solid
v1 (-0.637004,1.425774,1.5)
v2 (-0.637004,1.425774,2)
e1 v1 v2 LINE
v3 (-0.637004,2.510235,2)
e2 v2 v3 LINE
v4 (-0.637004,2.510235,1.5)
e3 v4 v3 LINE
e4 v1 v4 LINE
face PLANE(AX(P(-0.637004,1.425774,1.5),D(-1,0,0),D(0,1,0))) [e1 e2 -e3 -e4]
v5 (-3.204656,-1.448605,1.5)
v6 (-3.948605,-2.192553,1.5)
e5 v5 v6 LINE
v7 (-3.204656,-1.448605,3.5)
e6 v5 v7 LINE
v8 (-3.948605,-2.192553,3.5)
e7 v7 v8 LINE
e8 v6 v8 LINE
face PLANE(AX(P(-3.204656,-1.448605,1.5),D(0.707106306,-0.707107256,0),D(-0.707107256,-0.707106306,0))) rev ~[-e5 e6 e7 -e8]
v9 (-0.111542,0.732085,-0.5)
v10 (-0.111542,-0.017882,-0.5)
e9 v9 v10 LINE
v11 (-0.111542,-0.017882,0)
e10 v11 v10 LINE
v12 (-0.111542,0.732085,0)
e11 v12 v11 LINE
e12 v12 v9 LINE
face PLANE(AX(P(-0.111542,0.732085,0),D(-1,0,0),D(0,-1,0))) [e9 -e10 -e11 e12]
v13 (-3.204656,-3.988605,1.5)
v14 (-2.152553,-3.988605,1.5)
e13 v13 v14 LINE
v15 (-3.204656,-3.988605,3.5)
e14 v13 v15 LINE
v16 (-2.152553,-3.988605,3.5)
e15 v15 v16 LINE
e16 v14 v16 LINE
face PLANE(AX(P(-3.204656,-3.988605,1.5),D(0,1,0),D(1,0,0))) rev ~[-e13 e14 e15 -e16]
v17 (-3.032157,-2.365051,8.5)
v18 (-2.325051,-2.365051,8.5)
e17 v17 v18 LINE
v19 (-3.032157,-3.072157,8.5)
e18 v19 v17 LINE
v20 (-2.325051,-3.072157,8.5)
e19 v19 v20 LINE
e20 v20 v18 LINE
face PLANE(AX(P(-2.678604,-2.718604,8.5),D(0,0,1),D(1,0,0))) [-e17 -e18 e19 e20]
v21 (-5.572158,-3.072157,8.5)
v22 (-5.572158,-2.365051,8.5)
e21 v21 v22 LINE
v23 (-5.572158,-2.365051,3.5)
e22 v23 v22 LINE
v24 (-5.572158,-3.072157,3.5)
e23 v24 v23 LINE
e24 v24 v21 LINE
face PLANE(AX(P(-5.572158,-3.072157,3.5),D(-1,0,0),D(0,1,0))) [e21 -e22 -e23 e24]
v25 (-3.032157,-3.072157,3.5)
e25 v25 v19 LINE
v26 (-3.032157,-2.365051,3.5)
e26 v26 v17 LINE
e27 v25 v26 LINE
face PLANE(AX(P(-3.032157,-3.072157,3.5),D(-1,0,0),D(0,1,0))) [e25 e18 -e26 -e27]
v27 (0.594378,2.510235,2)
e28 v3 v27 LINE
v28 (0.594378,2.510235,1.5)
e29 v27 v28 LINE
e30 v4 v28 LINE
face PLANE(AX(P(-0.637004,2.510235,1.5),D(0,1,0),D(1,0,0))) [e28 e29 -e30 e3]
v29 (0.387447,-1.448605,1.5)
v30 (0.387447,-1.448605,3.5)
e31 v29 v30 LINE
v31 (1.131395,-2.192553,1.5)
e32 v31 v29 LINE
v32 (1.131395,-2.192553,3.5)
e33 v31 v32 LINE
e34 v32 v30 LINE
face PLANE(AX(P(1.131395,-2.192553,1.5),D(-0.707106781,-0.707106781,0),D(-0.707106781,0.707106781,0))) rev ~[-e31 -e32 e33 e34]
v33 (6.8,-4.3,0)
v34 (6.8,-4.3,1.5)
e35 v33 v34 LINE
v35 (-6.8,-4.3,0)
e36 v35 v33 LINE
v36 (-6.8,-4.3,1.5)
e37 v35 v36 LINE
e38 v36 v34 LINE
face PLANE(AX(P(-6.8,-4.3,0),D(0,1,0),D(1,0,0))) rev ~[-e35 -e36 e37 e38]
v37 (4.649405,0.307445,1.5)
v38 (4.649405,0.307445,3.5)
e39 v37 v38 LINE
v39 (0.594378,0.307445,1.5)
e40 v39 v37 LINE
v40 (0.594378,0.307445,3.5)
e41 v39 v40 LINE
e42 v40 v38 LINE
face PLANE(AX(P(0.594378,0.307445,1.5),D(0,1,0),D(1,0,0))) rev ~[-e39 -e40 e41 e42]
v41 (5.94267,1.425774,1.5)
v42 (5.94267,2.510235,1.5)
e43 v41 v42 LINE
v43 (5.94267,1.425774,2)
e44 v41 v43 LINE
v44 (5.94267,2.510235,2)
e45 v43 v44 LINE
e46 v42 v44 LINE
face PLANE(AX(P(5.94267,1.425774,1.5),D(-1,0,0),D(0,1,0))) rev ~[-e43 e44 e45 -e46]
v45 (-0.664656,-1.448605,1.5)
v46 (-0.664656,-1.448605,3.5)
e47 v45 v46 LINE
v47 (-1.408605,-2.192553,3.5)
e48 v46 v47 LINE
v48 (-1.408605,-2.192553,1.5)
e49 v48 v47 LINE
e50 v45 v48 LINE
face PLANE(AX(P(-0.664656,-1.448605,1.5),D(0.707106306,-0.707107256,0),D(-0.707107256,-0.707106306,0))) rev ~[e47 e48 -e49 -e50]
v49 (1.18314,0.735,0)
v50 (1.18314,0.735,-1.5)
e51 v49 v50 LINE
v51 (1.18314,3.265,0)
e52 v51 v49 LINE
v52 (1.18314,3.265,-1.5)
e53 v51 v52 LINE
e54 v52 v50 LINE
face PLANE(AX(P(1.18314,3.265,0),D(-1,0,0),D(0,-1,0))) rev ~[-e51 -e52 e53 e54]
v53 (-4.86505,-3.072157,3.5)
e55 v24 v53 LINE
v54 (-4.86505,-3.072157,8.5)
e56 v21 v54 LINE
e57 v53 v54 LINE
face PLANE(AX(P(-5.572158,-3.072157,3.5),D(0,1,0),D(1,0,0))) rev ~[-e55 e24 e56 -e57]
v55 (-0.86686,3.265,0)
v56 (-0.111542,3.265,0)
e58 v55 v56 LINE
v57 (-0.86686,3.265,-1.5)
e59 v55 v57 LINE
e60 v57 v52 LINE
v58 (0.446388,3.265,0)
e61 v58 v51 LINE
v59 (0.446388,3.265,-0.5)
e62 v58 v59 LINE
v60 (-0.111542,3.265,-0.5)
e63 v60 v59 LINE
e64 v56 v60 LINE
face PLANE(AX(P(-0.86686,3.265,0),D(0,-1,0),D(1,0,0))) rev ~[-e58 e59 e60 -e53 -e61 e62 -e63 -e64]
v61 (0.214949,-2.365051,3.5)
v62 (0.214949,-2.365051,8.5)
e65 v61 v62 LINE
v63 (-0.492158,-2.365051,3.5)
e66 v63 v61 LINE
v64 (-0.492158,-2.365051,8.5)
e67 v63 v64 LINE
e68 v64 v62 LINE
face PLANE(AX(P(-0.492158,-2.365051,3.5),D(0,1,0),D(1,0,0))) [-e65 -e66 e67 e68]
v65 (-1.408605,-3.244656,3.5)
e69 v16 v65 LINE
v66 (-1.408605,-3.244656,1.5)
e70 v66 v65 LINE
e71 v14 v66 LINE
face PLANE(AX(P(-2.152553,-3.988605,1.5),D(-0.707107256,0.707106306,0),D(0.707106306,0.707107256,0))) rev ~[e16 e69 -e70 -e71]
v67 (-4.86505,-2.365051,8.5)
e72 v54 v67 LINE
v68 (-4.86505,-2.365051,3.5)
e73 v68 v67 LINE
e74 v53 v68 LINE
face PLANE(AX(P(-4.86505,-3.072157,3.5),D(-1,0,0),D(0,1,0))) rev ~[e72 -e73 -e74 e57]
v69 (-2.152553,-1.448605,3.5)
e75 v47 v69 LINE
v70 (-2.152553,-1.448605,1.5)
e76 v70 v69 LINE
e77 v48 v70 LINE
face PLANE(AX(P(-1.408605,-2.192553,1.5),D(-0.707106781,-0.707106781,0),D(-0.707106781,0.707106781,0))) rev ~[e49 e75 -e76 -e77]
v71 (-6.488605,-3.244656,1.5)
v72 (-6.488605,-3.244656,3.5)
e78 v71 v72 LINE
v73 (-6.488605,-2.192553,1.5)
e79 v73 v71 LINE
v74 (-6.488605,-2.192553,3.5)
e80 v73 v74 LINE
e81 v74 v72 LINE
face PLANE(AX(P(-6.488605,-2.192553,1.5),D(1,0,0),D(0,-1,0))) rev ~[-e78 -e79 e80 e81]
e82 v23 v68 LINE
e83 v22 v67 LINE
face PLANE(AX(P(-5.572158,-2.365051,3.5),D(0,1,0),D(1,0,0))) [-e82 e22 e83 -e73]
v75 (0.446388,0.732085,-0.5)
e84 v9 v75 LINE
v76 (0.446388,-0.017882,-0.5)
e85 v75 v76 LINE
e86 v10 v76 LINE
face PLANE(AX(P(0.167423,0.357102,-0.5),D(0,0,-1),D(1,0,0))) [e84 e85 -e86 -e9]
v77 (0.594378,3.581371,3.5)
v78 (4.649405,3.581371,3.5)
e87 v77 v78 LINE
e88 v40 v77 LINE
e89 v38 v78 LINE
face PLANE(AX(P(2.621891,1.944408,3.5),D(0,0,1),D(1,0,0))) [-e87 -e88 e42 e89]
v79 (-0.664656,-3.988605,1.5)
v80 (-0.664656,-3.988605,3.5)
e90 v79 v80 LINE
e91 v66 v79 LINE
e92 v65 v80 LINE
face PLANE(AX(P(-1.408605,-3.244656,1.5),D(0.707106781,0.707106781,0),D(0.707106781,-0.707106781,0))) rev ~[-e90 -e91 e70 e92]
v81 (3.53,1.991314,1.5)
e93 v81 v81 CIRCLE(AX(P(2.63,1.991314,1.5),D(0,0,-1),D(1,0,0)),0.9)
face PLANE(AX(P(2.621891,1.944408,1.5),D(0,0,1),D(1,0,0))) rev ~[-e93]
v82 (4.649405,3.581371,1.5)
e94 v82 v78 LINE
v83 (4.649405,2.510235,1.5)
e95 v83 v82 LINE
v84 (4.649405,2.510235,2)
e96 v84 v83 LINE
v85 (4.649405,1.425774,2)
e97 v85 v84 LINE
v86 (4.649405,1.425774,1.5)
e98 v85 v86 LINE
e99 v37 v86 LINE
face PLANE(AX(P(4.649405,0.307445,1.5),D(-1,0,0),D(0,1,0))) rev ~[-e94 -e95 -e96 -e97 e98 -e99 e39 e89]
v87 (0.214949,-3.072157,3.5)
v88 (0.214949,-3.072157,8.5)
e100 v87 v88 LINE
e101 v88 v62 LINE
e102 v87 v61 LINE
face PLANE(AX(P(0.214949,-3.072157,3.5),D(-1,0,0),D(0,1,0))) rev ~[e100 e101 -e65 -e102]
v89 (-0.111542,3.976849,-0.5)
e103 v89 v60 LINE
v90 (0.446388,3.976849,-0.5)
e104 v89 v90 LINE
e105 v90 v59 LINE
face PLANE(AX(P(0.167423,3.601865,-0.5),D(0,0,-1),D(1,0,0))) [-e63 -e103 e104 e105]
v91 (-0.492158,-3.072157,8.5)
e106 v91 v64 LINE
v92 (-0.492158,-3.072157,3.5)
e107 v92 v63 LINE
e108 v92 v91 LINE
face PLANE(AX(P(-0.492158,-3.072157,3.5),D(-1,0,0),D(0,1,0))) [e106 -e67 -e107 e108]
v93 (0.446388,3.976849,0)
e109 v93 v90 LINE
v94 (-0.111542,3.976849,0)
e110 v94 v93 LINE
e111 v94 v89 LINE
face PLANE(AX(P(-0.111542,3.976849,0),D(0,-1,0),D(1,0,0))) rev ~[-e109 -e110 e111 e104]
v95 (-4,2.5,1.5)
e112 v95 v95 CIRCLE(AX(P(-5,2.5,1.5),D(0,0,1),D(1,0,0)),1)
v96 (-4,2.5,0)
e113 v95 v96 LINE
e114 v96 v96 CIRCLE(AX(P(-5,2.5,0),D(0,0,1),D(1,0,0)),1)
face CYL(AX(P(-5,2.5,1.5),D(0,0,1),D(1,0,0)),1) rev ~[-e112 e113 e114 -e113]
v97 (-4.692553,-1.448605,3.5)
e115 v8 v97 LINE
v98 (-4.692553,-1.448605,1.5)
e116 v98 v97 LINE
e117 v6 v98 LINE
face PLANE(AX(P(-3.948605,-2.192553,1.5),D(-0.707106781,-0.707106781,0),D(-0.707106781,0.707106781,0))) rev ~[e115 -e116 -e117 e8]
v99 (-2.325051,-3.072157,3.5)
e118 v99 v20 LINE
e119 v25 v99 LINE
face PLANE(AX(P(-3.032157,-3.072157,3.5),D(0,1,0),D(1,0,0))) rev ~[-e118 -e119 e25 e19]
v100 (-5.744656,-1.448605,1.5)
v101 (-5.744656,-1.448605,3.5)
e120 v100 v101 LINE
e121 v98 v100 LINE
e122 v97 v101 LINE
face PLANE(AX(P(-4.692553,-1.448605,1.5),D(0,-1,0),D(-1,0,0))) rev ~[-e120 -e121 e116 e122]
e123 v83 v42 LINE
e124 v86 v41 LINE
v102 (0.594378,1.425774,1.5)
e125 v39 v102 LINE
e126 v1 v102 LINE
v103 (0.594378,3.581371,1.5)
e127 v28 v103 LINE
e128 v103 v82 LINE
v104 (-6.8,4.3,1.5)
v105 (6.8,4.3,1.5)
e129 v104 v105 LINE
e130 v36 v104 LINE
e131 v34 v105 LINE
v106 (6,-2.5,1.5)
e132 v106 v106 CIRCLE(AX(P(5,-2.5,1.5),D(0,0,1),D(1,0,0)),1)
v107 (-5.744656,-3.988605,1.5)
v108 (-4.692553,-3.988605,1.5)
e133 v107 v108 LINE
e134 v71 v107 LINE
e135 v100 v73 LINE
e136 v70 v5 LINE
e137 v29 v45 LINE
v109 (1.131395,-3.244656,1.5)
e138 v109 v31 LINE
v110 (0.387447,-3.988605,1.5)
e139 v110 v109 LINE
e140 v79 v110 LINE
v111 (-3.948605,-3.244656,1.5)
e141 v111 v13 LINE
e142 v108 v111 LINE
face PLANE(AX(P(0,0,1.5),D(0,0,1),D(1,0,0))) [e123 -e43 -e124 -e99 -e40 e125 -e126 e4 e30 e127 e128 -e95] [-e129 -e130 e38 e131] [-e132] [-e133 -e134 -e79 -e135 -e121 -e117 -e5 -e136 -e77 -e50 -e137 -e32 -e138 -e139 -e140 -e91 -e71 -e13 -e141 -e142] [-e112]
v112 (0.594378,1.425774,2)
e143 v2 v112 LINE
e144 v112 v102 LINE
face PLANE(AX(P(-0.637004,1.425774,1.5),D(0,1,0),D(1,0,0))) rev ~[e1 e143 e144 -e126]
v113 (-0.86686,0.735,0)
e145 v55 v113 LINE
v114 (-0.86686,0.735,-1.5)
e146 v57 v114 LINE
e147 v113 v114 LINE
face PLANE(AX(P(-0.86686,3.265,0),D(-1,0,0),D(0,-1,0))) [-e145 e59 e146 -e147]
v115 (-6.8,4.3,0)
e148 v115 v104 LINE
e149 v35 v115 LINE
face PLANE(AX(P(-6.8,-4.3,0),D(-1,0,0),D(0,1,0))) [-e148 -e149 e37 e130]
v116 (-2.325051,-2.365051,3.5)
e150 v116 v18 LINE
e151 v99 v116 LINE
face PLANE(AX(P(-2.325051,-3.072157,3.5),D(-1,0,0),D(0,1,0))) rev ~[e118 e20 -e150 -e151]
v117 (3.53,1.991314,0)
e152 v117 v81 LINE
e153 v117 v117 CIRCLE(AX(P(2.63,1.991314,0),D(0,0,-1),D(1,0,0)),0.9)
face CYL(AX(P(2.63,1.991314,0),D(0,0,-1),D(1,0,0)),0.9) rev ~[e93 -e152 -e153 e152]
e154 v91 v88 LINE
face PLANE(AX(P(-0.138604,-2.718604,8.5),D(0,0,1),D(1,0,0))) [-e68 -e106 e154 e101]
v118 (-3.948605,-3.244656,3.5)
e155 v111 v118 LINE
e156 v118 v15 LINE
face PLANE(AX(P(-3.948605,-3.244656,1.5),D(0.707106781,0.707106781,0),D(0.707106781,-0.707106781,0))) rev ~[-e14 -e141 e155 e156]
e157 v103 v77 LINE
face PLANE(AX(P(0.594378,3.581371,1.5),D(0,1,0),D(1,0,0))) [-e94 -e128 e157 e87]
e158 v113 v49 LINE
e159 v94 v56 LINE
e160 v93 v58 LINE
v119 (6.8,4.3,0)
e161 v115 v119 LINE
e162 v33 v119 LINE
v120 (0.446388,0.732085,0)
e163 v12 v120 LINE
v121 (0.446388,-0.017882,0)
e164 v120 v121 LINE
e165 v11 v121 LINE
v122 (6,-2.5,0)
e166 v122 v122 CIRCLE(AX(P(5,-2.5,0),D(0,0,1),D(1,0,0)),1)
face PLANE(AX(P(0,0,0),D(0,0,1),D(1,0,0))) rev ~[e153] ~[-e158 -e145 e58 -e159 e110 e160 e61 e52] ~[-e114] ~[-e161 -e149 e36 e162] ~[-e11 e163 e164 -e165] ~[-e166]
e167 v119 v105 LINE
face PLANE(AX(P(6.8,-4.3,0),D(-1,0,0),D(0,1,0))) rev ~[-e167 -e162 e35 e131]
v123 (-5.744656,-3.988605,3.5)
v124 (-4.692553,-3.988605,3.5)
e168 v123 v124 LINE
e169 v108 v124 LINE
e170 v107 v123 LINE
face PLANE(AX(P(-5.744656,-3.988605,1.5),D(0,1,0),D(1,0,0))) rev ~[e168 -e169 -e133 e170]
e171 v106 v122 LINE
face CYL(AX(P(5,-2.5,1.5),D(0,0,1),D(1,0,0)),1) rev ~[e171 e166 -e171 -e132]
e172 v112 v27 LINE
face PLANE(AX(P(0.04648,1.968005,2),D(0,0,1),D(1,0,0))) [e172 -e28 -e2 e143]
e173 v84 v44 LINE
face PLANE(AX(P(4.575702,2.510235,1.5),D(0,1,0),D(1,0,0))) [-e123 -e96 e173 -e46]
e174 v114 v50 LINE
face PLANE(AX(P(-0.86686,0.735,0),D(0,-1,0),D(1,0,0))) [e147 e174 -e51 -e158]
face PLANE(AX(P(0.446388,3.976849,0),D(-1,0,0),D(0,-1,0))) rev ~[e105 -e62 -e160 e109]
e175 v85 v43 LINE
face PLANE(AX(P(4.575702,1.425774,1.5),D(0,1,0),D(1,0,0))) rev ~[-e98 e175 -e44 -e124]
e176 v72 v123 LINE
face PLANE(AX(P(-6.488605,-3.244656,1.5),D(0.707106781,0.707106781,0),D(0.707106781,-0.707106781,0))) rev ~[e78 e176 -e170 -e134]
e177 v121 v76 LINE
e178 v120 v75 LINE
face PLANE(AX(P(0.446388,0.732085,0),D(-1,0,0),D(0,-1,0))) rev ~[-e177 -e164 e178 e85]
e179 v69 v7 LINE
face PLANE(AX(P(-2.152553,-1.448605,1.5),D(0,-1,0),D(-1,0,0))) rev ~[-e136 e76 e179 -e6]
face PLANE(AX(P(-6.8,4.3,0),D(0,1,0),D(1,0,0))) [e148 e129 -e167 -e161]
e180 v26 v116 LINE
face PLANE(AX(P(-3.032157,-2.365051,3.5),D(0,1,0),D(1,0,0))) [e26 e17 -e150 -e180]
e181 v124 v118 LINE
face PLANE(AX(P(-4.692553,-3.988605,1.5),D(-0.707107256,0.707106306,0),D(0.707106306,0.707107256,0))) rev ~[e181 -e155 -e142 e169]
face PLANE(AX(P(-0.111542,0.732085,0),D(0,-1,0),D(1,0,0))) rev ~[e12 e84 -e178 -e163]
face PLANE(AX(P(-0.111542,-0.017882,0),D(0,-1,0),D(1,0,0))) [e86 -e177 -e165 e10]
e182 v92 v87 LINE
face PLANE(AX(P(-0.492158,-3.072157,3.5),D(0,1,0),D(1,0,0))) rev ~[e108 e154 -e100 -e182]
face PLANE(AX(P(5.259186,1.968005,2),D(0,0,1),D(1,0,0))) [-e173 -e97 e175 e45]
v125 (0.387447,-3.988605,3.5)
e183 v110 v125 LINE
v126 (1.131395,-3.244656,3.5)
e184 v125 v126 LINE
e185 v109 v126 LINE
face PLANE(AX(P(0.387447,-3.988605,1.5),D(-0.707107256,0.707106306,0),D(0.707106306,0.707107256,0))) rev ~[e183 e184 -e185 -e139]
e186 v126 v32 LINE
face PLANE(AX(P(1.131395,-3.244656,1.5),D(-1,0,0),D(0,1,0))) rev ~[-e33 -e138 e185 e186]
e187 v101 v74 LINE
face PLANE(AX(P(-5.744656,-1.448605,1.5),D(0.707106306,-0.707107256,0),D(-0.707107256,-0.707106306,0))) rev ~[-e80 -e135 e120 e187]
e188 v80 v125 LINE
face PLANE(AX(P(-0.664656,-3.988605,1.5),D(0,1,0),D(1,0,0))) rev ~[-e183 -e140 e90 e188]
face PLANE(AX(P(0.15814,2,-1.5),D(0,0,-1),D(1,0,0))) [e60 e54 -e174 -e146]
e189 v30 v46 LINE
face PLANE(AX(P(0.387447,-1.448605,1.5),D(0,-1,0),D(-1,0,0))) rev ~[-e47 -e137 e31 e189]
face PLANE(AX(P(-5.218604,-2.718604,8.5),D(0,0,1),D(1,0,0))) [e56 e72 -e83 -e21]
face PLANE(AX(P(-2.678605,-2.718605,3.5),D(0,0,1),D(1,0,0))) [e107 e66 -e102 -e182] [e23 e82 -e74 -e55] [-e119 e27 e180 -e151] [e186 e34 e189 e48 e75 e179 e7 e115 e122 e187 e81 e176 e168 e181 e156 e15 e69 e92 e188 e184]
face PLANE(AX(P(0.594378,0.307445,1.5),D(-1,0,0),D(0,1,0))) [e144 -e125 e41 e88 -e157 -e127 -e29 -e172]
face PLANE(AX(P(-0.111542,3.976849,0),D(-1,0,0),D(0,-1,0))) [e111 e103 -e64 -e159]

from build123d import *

# Parameters (mm, degrees)
SKETCH_W               = 13.6
SKETCH_H               = 8.6
PAD_DEPTH              = 1.5
SKETCH001_R            = 1
POCKET_DEPTH           = 5
SKETCH002_R            = 0.9
POCKET001_DEPTH        = 5
SKETCH003_W            = 4.055027
SKETCH003_H            = 3.273927
PAD001_DEPTH           = 2
SKETCH004_W            = 1.366968
SKETCH004_H            = 1.084461
PAD002_DEPTH           = 0.5
SKETCH005_W            = 2.05
SKETCH005_H            = 2.53
PAD003_DEPTH           = 1.5
SKETCH006_W            = 0.55793
SKETCH006_H            = 0.749967
PAD004_DEPTH           = 0.5
PAD005_DEPTH           = 2
SKETCH008_W            = 0.707107
SKETCH008_H            = 0.707107
PAD006_DEPTH           = 5
LINEARPATTERN_COUNT    = 3
LINEARPATTERN_PITCH    = 2.54
LINEARPATTERN001_COUNT = 3
LINEARPATTERN001_PITCH = 2.54


with BuildPart() as part:
    # Sketch → Pad (new body)
    with BuildSketch(Plane.XY):
        Rectangle(SKETCH_W, SKETCH_H)
    extrude(amount=PAD_DEPTH)

    # Sketch001 (on Face6 of Pad) → Pocket (cut)
    with BuildSketch(Plane.XY.offset(1.5)):
        with Locations((-5, 2.5)):
            Circle(SKETCH001_R)
        with Locations((5, -2.5)):
            Circle(SKETCH001_R)
    extrude(amount=-POCKET_DEPTH, mode=Mode.SUBTRACT)

    # Sketch002 (on Face4 of Pocket) → Pocket001 (cut)
    with BuildSketch(Plane(origin=(0, 0, 0), x_dir=(1, 0, 0), z_dir=(0, 0, -1))):
        with Locations((2.63, -1.991314)):
            Circle(SKETCH002_R)
    extrude(amount=-POCKET001_DEPTH, mode=Mode.SUBTRACT)

    # Sketch003 (on Face5 of Pocket001) → Pad001 (join)
    with BuildSketch(Plane.XY.offset(1.5)):
        with Locations((2.621891, 1.944408)):
            Rectangle(SKETCH003_W, SKETCH003_H)
    extrude(amount=PAD001_DEPTH)

    # Sketch004 (on Face5 of Pad001) → Pad002 (join)
    with BuildSketch(Plane.XY.offset(1.5)):
        with Locations((0.04648, 1.968005)):
            Rectangle(SKETCH004_W, SKETCH004_H)
        with Locations((5.259186, 1.968005)):
            Rectangle(SKETCH004_W, SKETCH004_H)
    extrude(amount=PAD002_DEPTH)

    # Sketch005 (on Face4 of Pad002) → Pad003 (join)
    with BuildSketch(Plane(origin=(0, 0, 0), x_dir=(1, 0, 0), z_dir=(0, 0, -1))):
        with Locations((0.15814, -2)):
            Rectangle(SKETCH005_W, SKETCH005_H)
    extrude(amount=PAD003_DEPTH)

    # Sketch006 (on Face4 of Pad003) → Pad004 (join)
    with BuildSketch(Plane(origin=(0, 0, 0), x_dir=(1, 0, 0), z_dir=(0, 0, -1))):
        with Locations((0.167423, -0.357102)):
            Rectangle(SKETCH006_W, SKETCH006_H)
        with Locations((0.167423, -3.601865)):
            Rectangle(SKETCH006_W, SKETCH006_H)
    extrude(amount=PAD004_DEPTH)

    # Sketch007 (on Face5 of Pad004) → Pad005 (join)
    with BuildSketch(Plane.XY.offset(1.5)):
        Polygon((-4.692553, -1.448605), (-5.744656, -1.448605), (-6.488605, -2.192553), (-6.488605, -3.244656), (-5.744656, -3.988605), (-4.692553, -3.988605), (-3.948605, -3.244656), (-3.948605, -2.192553), align=None)
    pad005 = extrude(amount=PAD005_DEPTH)

    # Sketch008 (on Face46 of Pad005) → Pad006 (join)
    with BuildSketch(Plane.XY.offset(3.5)):
        with Locations((-5.218604, -2.718604)):
            Rectangle(SKETCH008_W, SKETCH008_H)
    pad006 = extrude(amount=PAD006_DEPTH)

    # LinearPattern: Pad005 ×3
    with Locations(*[(i * LINEARPATTERN_PITCH, 0, 0) for i in range(1, LINEARPATTERN_COUNT)]):
        add(pad005)

    # LinearPattern001: Pad006 ×3
    with Locations(*[(i * LINEARPATTERN001_PITCH, 0, 0) for i in range(1, LINEARPATTERN001_COUNT)]):
        add(pad006)


solid = part.part
